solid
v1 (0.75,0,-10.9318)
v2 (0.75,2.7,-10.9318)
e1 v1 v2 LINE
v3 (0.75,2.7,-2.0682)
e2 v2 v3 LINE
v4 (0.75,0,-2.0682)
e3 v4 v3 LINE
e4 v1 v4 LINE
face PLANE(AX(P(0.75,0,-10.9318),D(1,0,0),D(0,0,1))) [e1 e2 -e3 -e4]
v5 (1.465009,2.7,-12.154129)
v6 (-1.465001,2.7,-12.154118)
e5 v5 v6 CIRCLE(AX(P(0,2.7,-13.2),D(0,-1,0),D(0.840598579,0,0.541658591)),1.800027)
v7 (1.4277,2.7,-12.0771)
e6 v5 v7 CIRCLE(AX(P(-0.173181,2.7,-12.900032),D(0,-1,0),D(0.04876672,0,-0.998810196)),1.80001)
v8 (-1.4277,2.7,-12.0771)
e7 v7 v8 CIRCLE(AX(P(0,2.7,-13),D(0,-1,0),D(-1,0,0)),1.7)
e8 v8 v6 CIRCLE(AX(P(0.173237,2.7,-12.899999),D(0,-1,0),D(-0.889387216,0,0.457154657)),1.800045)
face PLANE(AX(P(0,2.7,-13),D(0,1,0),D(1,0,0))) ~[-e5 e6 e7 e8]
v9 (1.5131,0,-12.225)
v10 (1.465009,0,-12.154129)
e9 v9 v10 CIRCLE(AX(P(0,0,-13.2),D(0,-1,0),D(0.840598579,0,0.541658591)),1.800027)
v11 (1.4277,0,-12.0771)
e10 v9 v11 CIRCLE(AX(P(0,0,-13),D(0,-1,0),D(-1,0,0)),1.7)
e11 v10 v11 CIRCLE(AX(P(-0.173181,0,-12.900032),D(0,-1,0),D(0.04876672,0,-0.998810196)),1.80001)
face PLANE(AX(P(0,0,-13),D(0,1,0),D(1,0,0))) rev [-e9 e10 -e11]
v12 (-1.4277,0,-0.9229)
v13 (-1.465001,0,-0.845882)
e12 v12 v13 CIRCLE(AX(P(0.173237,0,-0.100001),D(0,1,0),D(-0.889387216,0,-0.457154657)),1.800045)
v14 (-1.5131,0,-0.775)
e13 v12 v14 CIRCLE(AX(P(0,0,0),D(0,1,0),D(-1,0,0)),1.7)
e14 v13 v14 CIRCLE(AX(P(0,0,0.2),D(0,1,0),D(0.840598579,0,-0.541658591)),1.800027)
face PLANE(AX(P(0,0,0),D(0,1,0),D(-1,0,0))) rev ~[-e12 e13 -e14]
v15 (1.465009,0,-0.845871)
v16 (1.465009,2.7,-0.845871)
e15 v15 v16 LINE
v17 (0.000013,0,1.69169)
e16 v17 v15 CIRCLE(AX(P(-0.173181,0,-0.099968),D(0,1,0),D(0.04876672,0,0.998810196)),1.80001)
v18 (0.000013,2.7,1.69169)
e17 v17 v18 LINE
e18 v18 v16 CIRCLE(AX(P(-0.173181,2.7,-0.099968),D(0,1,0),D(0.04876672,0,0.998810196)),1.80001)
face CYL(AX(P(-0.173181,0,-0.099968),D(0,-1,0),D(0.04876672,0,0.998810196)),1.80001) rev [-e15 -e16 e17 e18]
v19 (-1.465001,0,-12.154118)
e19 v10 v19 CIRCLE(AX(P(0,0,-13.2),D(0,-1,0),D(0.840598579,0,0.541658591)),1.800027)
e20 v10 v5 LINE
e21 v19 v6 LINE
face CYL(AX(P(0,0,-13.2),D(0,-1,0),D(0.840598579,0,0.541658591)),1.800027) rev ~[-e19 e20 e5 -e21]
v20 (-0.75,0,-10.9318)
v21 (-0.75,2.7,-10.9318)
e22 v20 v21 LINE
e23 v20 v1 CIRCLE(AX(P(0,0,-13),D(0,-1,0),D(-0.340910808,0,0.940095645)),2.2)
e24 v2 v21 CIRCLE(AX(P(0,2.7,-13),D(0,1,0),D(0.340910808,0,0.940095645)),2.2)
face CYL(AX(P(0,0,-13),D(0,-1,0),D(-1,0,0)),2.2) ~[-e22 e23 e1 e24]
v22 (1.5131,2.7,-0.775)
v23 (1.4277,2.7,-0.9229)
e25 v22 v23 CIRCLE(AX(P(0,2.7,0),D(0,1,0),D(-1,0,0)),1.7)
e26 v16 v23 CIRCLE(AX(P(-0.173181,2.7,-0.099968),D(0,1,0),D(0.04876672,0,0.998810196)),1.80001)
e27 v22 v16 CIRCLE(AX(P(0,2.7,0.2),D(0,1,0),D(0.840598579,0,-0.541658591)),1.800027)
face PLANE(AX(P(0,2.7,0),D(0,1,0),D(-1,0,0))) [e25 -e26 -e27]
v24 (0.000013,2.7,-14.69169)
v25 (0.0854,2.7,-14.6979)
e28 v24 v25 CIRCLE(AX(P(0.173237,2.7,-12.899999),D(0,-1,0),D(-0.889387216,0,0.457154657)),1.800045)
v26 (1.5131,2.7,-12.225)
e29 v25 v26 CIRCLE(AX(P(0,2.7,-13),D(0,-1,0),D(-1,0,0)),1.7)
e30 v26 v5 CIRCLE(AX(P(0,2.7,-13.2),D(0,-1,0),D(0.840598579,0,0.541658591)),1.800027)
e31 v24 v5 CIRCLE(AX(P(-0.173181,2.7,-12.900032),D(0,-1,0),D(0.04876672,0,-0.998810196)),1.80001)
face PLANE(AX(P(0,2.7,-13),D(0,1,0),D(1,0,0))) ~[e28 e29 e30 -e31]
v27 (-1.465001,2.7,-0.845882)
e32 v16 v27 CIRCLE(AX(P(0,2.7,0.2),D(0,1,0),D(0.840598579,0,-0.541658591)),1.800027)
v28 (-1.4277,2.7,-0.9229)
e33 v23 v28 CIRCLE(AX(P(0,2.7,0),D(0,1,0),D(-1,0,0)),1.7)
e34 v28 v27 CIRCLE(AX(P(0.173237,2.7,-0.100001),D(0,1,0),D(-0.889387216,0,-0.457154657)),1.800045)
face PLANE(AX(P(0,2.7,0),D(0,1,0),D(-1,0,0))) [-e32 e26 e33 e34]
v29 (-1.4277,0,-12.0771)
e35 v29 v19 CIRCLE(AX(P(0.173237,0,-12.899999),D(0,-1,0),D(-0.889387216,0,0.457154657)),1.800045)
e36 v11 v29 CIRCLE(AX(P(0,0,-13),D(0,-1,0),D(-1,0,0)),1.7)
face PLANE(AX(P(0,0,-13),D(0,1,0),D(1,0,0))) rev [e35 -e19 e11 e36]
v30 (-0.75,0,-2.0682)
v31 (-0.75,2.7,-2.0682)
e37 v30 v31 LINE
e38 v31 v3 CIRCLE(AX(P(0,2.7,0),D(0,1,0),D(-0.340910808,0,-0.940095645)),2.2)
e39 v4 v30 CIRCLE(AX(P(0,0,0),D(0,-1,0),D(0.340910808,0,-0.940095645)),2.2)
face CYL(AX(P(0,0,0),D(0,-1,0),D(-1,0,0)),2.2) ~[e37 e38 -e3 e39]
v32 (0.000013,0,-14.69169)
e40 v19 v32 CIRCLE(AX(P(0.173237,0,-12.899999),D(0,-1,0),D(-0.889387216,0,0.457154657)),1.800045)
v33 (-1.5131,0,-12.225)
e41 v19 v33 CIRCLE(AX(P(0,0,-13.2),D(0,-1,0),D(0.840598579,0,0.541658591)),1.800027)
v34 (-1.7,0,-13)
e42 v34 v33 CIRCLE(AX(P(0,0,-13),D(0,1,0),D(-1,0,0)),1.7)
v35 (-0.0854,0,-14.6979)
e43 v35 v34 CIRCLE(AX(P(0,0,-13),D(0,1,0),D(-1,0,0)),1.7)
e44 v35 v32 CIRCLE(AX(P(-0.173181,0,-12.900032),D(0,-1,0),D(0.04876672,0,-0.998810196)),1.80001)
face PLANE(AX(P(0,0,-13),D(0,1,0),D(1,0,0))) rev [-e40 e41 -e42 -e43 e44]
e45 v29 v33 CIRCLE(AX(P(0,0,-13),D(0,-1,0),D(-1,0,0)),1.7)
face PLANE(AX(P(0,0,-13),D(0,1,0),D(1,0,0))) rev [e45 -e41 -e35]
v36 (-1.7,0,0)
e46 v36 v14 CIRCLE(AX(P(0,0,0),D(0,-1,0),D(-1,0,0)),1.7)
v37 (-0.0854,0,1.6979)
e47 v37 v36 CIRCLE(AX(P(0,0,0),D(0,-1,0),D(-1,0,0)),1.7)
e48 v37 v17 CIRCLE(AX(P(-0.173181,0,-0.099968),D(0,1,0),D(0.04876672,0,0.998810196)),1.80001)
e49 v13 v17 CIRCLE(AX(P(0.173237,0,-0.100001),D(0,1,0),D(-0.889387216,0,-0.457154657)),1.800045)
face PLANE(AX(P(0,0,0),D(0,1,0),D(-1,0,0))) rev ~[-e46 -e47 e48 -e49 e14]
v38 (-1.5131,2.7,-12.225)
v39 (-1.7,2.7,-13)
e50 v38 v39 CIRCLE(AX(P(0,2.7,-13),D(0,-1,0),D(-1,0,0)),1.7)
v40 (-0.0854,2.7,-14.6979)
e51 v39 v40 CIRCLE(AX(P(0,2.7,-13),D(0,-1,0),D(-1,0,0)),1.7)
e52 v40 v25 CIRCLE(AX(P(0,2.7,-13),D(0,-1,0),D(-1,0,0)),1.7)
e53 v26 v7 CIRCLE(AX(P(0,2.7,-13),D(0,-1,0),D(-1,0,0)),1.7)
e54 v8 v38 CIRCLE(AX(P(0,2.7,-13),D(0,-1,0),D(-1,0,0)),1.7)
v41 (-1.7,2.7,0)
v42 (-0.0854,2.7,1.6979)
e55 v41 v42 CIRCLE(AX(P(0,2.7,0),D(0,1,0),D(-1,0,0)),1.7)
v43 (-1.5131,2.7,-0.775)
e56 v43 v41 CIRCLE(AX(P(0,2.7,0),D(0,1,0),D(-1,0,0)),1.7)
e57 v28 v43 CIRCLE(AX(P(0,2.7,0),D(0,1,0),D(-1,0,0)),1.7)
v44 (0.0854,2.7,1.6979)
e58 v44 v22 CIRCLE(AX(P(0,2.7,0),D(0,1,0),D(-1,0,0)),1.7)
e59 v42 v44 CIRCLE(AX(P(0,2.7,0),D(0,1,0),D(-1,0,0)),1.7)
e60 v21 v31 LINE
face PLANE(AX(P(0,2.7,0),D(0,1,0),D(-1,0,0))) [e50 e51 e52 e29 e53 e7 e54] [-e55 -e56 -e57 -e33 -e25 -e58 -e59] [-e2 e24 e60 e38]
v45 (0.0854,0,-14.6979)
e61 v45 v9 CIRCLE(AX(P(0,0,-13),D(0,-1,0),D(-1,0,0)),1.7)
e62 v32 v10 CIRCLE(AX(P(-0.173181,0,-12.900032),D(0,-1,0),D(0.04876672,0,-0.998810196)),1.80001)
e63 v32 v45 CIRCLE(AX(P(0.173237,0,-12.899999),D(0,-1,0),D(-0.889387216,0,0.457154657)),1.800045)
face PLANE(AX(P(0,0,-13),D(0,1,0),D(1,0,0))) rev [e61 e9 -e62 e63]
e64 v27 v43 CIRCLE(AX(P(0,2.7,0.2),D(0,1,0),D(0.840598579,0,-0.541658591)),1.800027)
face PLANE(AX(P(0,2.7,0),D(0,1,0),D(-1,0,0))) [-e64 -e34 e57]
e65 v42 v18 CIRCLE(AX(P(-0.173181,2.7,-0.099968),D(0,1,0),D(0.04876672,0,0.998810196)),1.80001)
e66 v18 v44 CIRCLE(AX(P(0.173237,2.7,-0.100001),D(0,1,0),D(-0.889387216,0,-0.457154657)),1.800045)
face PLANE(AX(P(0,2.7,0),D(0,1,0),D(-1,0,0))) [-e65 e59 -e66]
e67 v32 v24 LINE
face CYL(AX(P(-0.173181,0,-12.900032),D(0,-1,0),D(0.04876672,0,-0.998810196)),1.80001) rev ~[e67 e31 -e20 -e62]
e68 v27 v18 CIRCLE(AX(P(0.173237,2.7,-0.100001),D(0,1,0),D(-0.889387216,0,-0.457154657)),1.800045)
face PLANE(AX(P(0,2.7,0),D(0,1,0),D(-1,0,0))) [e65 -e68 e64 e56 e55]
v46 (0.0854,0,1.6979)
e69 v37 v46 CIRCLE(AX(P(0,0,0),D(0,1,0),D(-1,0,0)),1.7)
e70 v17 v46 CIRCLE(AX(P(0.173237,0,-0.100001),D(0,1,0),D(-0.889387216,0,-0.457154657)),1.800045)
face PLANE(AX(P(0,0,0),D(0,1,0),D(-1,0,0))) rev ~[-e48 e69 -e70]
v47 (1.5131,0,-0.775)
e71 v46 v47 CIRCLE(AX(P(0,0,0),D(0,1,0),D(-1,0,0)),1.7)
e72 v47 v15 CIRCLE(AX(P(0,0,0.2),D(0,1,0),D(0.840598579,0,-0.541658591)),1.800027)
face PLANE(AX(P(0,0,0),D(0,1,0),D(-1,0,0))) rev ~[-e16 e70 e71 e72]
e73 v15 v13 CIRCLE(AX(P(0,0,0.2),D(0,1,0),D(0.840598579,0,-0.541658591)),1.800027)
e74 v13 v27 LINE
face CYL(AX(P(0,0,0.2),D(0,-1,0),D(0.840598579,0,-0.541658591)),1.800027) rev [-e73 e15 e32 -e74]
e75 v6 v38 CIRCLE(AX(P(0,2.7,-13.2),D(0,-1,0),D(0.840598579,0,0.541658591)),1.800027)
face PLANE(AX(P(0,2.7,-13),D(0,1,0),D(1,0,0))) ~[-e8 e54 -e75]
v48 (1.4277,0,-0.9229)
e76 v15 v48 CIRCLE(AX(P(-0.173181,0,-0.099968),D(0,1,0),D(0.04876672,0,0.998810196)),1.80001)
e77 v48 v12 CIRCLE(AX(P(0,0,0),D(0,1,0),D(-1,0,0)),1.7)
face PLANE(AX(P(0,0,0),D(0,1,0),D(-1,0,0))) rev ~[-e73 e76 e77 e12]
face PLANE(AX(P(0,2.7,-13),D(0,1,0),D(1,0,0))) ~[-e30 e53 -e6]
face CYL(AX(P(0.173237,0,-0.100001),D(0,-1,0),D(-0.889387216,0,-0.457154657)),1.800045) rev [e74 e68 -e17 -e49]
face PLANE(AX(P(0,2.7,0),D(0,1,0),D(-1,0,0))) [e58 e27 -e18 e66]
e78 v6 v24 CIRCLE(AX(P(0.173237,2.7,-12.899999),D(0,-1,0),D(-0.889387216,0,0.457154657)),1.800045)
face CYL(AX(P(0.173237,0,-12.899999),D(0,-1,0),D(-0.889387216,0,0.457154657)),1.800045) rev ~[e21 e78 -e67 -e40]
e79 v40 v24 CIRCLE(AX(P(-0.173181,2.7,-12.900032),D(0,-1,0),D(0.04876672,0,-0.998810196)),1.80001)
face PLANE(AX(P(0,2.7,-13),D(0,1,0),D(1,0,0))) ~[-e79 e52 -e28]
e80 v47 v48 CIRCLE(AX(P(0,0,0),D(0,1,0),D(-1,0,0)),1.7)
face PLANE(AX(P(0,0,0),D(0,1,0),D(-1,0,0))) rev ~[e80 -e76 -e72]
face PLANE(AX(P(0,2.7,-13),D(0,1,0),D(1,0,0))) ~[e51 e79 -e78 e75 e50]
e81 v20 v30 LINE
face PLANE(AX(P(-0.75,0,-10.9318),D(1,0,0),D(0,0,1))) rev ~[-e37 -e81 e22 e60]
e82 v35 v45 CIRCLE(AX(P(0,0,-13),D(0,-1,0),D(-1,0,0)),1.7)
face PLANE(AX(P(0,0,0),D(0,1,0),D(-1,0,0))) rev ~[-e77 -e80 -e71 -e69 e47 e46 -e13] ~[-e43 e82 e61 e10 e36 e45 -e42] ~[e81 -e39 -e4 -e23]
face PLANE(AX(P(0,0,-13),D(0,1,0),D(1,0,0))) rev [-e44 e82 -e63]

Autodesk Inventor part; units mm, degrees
ref_plane "YZ Plane" through (0, 0, 0) normal (1, 0, 0) x (0, 1, 0)
ref_plane "XZ Plane" through (0, 0, 0) normal (0, 1, 0) x (-1, 0, 0)
sketch "Skizze1" plane through (0, 0, 0) normal (0, 1, 0) x (-1, 0, 0)
  circle A0 centre (0, 0) radius 1.7
  circle A1 centre (0, -13) radius 1.7
  line L0 (0, -18.68) -> (0, 5.68) projected
  circle A2 centre (0, -13) radius 2.2
  circle A3 centre (0, 0) radius 2.2
  line L1 (-0.75, -10.9318) -> (-0.75, -2.0682)
  line L2 (0.75, -10.9318) -> (0.75, -2.0682)
  dimension "d0" = 3.4
  dimension "d2" = 13
  dimension "d3" = 1.5
  dimension "d4" = 4.4
extrude "Extrusion1" add sketch "Skizze1" along normal blind 2.7 contours A0 L0 A3 | A0 L0 A3 | A3 L2 A2 L0 | L0 A2 L1 A3 | A2 L0 A1 | L0 A1 A2
sketch "Skizze3" plane through (0, 0, 0) normal (0, 1, 0) x (-1, 0, 0)
  circle A0 centre (0, 0) radius 1.7 projected
  circle A1 centre (0, 0) radius 1.6 construction
  arc A2 (-1.5131, -0.775) -> (1.5131, -0.775) centre (0, 0.2) ccw
  arc A3 (1.4277, -0.9229) -> (-0.0854, 1.6979) centre (-0.1732, -0.1) ccw
  arc A4 (0.0854, 1.6979) -> (-1.4277, -0.9229) centre (0.1732, -0.1) ccw
  point P0 (0, -1.6)
  point P1 (1.3856, 0.8)
  point P2 (-1.3856, 0.8)
  point P3 (-0.0854, 1.6979)
  point P4 (1.4277, -0.9229)
  point P5 (-1.4277, -0.9229)
  point P6 (0.0854, 1.6979)
  dimension "d8" = 3.2
  dimension "d9" = 0.2
  dimension "d12" = 360
extrude "Extrusion2" add sketch "Skizze3" along normal up to surface (2.7 mm away) contours A0 A2 A3 A4 | A4 A3 A0 | A0 A3 A2 | A3 A4 A2 A0 | A0 A4 A2 A3 | A2 A4 A0
ref_plane "Arbeitsebene1" through (0, 0, -6.5) normal (0, 0, 1) x (1, 0, 0)
mirror "Spiegeln1" about plane through (0, 0, -6.5) normal (0, 0, 1) of "Extrusion2"
properties part number "Knochen13"
